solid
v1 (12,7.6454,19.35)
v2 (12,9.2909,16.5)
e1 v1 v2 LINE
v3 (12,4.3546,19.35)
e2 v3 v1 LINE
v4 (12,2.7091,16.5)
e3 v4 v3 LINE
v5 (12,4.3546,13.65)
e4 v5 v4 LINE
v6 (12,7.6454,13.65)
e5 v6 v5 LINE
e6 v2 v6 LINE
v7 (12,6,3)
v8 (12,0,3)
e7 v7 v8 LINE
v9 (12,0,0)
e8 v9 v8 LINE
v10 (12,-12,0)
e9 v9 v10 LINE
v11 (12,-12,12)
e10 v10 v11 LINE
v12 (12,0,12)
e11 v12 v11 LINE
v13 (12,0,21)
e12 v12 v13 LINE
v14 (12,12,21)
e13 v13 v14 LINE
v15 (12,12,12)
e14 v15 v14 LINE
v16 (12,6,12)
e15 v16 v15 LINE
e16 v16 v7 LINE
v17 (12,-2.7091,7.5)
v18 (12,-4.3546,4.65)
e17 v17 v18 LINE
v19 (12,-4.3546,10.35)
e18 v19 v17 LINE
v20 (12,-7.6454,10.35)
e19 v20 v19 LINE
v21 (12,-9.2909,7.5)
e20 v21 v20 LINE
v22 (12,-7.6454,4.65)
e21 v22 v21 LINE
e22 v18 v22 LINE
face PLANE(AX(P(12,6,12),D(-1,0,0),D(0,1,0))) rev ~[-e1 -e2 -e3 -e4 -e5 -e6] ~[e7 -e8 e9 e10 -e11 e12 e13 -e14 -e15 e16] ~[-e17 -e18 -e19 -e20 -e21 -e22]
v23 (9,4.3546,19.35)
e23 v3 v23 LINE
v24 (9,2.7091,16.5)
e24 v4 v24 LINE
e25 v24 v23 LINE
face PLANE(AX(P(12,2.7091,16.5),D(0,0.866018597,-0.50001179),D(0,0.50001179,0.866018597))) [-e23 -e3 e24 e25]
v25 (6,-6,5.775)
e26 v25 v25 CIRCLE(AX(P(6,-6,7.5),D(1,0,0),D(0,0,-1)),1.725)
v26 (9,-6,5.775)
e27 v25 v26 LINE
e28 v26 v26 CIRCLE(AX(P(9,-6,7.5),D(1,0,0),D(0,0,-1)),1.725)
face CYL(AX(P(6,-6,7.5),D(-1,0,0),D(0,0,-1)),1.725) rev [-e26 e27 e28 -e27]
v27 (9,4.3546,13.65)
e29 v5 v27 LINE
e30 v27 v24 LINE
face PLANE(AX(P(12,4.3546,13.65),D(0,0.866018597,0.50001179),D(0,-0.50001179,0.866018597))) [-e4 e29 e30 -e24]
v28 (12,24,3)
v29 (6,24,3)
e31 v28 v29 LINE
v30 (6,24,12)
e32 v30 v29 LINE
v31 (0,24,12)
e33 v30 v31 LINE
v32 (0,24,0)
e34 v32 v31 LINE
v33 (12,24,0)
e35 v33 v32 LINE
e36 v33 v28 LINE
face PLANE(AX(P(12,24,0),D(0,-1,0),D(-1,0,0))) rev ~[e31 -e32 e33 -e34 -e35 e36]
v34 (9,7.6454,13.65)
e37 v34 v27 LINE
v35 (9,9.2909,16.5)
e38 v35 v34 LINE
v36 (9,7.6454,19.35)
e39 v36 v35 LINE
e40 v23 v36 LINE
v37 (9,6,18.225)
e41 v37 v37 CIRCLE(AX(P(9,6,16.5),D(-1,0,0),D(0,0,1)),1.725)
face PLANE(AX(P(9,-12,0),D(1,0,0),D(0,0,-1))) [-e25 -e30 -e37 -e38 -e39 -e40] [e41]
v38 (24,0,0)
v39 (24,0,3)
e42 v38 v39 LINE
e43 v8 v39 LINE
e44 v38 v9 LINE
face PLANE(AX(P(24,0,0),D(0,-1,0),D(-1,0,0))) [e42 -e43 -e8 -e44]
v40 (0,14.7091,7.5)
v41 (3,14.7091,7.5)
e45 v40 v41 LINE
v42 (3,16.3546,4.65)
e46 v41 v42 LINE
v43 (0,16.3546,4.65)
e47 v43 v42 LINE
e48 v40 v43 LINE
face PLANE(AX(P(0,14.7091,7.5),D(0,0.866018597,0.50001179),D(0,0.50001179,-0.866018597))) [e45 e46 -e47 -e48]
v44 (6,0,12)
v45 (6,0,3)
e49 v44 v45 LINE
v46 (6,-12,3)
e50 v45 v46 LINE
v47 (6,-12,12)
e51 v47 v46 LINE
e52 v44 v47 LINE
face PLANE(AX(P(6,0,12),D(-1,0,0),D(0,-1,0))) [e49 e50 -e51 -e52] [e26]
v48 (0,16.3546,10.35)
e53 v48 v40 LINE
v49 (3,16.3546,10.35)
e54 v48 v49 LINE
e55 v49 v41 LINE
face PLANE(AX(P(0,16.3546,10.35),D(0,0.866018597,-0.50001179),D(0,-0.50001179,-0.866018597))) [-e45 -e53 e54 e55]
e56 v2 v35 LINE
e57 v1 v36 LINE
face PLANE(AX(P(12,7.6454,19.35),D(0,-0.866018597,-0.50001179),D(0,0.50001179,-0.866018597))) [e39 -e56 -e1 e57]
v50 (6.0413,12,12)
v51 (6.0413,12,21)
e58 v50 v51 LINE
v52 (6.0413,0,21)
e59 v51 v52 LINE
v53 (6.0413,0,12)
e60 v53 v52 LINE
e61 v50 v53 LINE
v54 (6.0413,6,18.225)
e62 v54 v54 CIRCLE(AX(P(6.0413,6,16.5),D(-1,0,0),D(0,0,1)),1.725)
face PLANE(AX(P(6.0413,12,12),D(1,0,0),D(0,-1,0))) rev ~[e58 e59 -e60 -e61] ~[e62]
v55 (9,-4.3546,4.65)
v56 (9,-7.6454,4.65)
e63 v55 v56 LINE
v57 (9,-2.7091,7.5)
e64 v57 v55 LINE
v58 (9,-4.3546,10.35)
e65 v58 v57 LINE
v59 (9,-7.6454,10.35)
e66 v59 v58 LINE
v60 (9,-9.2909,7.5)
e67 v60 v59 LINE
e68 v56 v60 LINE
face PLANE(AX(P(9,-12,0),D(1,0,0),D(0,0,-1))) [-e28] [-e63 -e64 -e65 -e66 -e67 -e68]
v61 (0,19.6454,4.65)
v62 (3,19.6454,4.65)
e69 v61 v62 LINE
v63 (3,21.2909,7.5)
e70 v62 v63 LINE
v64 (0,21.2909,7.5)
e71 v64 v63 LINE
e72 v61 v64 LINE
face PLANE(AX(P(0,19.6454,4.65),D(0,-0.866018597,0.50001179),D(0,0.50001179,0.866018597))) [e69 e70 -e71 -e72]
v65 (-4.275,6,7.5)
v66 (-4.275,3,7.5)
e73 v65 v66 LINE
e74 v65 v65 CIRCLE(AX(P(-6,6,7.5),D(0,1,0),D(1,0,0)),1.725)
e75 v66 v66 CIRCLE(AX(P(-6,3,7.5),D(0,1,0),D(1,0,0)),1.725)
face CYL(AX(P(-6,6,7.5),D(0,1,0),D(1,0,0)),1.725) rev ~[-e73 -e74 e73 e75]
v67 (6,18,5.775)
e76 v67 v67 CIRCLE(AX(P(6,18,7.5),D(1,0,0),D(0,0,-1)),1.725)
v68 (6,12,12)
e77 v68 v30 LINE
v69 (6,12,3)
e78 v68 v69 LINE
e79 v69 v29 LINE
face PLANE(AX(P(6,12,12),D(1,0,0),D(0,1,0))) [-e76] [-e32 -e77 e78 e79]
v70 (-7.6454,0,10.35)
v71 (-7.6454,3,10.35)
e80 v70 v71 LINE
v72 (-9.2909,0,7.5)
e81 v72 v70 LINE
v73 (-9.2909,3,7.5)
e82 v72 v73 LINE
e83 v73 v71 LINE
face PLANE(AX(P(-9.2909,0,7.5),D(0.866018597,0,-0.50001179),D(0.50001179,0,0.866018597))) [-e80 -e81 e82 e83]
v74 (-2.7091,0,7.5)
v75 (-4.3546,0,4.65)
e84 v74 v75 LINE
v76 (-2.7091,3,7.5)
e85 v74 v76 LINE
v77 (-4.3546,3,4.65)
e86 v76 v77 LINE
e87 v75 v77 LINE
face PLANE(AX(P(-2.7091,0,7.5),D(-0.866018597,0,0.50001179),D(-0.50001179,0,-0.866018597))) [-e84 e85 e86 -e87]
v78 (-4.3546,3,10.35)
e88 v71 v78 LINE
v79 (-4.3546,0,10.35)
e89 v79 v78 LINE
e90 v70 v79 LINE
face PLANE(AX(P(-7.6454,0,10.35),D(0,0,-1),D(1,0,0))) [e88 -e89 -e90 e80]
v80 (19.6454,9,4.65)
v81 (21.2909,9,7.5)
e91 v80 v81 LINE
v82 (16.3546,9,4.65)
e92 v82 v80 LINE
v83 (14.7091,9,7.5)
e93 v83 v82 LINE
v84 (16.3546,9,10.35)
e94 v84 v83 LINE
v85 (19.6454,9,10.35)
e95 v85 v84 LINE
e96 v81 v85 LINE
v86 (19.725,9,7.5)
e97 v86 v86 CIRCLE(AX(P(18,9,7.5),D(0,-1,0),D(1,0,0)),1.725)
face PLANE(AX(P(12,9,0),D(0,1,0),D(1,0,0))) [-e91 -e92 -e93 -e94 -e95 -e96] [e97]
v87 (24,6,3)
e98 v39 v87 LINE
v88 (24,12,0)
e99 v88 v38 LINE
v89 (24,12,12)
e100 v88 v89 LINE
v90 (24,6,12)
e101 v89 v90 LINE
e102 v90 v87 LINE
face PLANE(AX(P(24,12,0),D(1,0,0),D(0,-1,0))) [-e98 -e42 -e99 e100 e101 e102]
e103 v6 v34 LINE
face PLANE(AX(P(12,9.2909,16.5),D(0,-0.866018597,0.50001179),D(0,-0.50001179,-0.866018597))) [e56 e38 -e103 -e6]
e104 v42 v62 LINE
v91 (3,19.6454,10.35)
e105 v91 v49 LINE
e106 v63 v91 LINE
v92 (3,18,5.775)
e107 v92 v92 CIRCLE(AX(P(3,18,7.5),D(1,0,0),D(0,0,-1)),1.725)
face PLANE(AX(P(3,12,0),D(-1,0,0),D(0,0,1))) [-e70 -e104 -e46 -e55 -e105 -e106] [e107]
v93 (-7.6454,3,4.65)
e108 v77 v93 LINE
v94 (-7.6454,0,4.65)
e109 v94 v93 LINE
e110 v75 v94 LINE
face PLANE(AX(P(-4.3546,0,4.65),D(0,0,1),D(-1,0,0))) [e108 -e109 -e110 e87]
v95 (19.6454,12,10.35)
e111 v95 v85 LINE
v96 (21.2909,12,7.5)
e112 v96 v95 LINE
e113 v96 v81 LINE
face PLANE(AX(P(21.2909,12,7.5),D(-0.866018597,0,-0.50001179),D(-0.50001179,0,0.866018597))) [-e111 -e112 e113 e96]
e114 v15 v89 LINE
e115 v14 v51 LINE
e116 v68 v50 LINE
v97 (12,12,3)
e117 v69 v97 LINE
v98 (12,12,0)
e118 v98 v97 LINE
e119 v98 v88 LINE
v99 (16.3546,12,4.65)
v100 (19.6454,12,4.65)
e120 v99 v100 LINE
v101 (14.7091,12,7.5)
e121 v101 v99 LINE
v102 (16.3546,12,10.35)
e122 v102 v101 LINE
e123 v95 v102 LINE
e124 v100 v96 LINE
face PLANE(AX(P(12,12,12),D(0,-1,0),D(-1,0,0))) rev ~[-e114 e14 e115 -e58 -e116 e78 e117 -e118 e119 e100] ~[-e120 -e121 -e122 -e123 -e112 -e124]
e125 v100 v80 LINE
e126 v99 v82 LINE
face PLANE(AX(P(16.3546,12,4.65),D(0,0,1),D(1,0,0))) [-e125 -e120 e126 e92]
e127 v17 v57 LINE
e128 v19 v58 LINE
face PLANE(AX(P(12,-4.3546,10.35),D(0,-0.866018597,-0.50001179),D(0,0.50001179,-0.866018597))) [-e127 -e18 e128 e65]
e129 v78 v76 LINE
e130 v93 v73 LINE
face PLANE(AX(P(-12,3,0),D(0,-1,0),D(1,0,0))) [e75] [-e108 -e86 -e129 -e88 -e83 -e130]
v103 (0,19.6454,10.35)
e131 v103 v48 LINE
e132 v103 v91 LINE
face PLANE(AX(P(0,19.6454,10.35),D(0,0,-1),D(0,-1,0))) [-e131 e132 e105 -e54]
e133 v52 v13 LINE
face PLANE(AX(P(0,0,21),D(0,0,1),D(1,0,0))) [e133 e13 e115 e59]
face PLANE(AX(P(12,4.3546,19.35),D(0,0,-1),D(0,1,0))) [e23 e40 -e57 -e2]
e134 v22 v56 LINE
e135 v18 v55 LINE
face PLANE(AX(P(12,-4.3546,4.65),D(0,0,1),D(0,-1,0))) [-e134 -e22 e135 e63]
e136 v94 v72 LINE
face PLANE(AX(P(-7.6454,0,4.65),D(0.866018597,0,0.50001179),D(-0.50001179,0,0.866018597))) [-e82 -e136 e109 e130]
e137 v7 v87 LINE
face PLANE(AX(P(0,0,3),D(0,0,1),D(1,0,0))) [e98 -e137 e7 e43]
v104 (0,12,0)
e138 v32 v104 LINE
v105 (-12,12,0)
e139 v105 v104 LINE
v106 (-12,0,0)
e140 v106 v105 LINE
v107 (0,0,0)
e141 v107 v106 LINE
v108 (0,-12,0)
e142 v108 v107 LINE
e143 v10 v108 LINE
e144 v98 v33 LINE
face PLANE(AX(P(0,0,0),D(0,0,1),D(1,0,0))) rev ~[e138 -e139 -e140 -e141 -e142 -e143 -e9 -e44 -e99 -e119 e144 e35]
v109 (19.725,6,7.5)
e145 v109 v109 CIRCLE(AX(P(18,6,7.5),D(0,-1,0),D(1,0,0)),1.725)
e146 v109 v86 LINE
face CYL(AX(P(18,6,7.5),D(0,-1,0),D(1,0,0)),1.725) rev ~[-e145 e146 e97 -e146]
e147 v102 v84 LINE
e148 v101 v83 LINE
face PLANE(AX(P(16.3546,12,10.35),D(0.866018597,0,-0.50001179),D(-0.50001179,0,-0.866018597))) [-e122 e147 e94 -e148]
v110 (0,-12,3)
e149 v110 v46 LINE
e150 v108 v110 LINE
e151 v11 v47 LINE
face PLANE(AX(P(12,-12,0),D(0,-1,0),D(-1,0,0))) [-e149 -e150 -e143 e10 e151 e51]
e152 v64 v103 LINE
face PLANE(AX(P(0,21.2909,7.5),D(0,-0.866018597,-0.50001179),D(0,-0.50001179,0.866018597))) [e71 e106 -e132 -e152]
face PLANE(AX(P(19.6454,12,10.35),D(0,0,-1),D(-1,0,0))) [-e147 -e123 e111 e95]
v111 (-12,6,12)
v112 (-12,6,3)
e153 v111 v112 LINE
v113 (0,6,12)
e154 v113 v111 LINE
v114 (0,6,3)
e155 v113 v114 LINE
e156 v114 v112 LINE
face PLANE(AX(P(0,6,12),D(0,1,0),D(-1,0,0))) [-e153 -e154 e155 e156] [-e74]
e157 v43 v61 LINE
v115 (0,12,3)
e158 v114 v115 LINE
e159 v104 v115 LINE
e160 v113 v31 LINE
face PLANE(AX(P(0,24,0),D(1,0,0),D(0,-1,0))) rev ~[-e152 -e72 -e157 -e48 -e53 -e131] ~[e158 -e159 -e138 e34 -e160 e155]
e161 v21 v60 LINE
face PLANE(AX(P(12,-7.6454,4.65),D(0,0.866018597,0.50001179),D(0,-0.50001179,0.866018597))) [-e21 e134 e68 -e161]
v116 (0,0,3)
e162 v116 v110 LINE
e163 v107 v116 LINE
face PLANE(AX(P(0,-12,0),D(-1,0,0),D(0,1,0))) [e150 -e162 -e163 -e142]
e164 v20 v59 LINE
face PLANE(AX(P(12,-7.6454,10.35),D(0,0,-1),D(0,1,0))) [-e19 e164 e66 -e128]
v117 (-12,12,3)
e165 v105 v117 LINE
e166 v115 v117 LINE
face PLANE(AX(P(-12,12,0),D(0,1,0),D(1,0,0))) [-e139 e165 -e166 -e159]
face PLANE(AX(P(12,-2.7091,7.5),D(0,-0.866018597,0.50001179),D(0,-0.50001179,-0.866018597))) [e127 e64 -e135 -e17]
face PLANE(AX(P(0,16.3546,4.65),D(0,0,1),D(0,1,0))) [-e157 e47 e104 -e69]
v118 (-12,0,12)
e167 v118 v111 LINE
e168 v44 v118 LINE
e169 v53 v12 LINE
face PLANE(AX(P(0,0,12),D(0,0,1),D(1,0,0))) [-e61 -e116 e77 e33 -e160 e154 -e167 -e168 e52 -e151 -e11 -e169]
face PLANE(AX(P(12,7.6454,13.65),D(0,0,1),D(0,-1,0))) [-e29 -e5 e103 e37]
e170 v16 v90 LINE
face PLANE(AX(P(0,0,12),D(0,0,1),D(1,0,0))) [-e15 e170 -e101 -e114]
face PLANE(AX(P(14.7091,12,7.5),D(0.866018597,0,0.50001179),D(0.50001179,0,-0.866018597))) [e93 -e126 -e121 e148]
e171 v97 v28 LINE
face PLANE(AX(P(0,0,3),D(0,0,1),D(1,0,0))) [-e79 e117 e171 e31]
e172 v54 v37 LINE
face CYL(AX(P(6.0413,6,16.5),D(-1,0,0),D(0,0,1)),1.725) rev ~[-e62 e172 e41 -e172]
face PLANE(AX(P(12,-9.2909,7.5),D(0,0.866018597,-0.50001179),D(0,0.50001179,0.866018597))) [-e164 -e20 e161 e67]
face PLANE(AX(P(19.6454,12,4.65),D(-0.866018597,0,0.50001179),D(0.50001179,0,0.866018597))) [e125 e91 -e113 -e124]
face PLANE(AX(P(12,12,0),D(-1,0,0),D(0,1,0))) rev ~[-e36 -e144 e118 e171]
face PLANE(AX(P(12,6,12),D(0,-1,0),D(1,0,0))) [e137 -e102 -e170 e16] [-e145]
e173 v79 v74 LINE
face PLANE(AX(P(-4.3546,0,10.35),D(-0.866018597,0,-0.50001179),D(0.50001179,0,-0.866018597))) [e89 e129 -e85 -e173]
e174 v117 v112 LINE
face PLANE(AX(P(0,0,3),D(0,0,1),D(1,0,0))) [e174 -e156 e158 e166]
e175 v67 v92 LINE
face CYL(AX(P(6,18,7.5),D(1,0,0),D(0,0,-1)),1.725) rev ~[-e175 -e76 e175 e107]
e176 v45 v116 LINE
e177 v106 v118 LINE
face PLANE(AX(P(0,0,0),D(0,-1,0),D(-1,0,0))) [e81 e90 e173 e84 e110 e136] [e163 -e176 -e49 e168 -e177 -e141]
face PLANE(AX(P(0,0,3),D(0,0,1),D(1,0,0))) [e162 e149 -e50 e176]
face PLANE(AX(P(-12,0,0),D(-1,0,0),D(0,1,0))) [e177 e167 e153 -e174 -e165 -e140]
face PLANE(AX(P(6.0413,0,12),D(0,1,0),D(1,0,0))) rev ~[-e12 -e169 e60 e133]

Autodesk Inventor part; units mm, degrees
ref_plane "YZ Plane" through (0, 0, 0) normal (1, 0, 0) x (0, 1, 0)
ref_plane "XZ Plane" through (0, 0, 0) normal (0, 1, 0) x (-1, 0, 0)
ref_plane "XY Plane" through (0, 0, 0) normal (0, 0, 1) x (1, 0, 0)
sketch "Sketch1" plane through (0, 0, 0) normal (0, 0, 1) x (1, 0, 0)
  line L0 (0, 0) -> (12, 0)
  line L1 (12, 0) -> (12, 12)
  line L2 (12, 12) -> (0, 12)
  line L3 (0, 12) -> (0, 0)
  line L4 (12, 12) -> (24, 12)
  line L5 (24, 12) -> (24, 0)
  line L6 (24, 0) -> (12, 0)
  line L7 (12, 0) -> (12, 12)
  line L8 (0, 0) -> (-12, 0)
  line L9 (-12, 0) -> (-12, 12)
  line L10 (-12, 12) -> (0, 12)
  line L11 (0, 12) -> (0, 0)
  line L12 (0, 0) -> (12, 0)
  line L13 (12, 0) -> (12, -12)
  line L14 (12, -12) -> (0, -12)
  line L15 (0, -12) -> (0, 0)
  line L16 (0, 12) -> (12, 12)
  line L17 (12, 12) -> (12, 24)
  line L18 (12, 24) -> (0, 24)
  line L19 (0, 24) -> (0, 12)
  dimension "d0" = 12
  dimension "d1" = 12
  dimension "d2" = 12
  dimension "d3" = 12
  dimension "d4" = 12
  dimension "d5" = 12
  dimension "d6" = 12
  dimension "d7" = 12
  dimension "d8" = 12
  dimension "d9" = 12
extrude "Extrusion1" add sketch "Sketch1" along normal blind 12
sketch "Sketch2" plane through (0, 0, 12) normal (0, 0, 1) x (1, 0, 0)
  line L0 (0, 0) -> (0, -12) projected
  line L1 (0, 0) -> (0, 12)
  line L2 (12, 12) -> (12, 24) projected
  line L3 (0, 12) -> (12, 12)
  line L4 (12, -12) -> (12, 0) projected
  line L5 (12, 12) -> (12, 0)
  line L6 (12, 0) -> (0, 0)
  line L7 (0, 6) -> (-12, 6)
  line L8 (-12, 12) -> (-12, 0) projected
  line L9 (12, 6) -> (24, 6)
  line L10 (24, 0) -> (24, 12) projected
  line L11 (6, 12) -> (6, 24)
  line L12 (6, 0) -> (6, -12)
  line L13 (0, -12) -> (12, -12) projected
  line L14 (-12, 6) -> (-12, 12)
  line L15 (0, 12) -> (-12, 12) projected
  line L16 (0, 12) -> (-12, 12)
  line L17 (12, 24) -> (0, 24) projected
  line L18 (6, 24) -> (12, 24)
  line L19 (12, 24) -> (12, 12)
  line L20 (24, 6) -> (24, 0)
  line L21 (6, -12) -> (0, -12)
  line L22 (12, 0) -> (24, 0)
extrude "Extrusion2" cut sketch "Sketch2" against normal blind 9 contours L6 L12 L13 L0 | L7 L8 L15 L1 | L5 L9 L10 L22 | L11 L17 L2 L3
sketch "Sketch3" plane through (6, 12, 12) normal (1, 0, 0) x (0, 0, -1)
  circle A0 centre (4.5, -18) radius 1.725
  line L0 (0, -24) -> (9, -24) projected
  line L1 (9, -24) -> (9, -12) projected
  point P0 (12, -12)
  dimension "d14" = 3.45
  dimension "d15" = 6
  dimension "d16" = 4.5
extrude "Extrusion3" cut sketch "Sketch3" along normal blind 3
sketch "Sketch4" plane through (12, -12, 0) normal (1, 0, 0) x (0, 0, -1)
  circle A0 centre (-7.5, 6) radius 1.725 projected
  line L0 (-10.35, 7.6454) -> (-7.5, 9.2909)
  line L1 (-7.5, 9.2909) -> (-4.65, 7.6454)
  line L2 (-4.65, 7.6454) -> (-4.65, 4.3546)
  line L3 (-4.65, 4.3546) -> (-7.5, 2.7091)
  line L4 (-7.5, 2.7091) -> (-10.35, 4.3546)
  line L5 (-10.35, 4.3546) -> (-10.35, 7.6454)
  point P0 (0, 12)
  dimension "d19" = 2.85
extrude "Extrusion4" cut sketch "Sketch4" against normal blind 3 contours A0 | L0 L1 L2 L3 L4 L5
sketch "Sketch5" plane through (6, 12, 12) normal (1, 0, 0) x (0, 0, -1)
  circle A0 centre (4.5, 6) radius 1.725
  line L0 (12, 12) -> (0, 12) projected
  line L1 (0, 0) -> (0, 12) projected
  point P0 (12, -12)
  dimension "d22" = 3.45
  dimension "d23" = 6
  dimension "d24" = 4.5
extrude "Extrusion5" cut sketch "Sketch5" against normal blind 3
sketch "Sketch6" plane through (0, 12, 0) normal (-1, 0, 0) x (0, 0, 1)
  circle A0 centre (7.5, 6) radius 1.725 projected
  line L0 (10.35, 4.3546) -> (7.5, 2.7091)
  line L1 (7.5, 2.7091) -> (4.65, 4.3546)
  line L2 (4.65, 4.3546) -> (4.65, 7.6454)
  line L3 (4.65, 7.6454) -> (7.5, 9.2909)
  line L4 (7.5, 9.2909) -> (10.35, 7.6454)
  line L5 (10.35, 7.6454) -> (10.35, 4.3546)
  point P0 (0, -12)
  dimension "d27" = 2.85
sketch "Sketch7" plane through (0, 0, 12) normal (0, 0, 1) x (1, 0, 0)
  line L0 (6, 12) -> (6, 24) projected
  line L1 (6.0413, 0) -> (6, 0)
  line L2 (6, 0) -> (6, 12)
  line L3 (6, 12) -> (6.0413, 12)
  line L4 (6.0413, 12) -> (6.0413, 0)
  line L5 (12, 0) -> (12, 6) projected
  line L6 (12, 0) -> (12, 12)
  line L7 (24, 12) -> (6, 12) projected
  line L8 (6, 0) -> (12, 0)
  point P0 (0, 0)
extrude "Extrusion6" add sketch "Sketch7" along normal blind 9 contours L4 L7 L6 L5 L8
extrude "Extrusion7" cut sketch "Sketch6" against normal blind 3 contours A0 | L0 L1 L2 L3 L4 L5
sketch "Sketch8" plane through (12, 12, 0) normal (0, 1, 0) x (1, 0, 0)
  point P0 (-12, 0)
sketch "Sketch9" plane through (12, -12, 0) normal (1, 0, 0) x (0, 0, -1)
  point P0 (0, 12)
sketch "Sketch10" plane through (12, -12, 0) normal (1, 0, 0) x (0, 0, -1)
  point P0 (0, 12)
sketch "Sketch11" plane through (6.0413, 0, 12) normal (-1, 0, 0) x (0, 0, 1)
  circle A0 centre (4.5, 6) radius 1.725
  line L0 (9, 0) -> (0, 0) projected
  line L1 (9, 12) -> (9, 0) projected
  point P0 (-12, 0)
  dimension "d32" = 3.45
  dimension "d33" = 6
  dimension "d34" = 4.5
extrude "Extrusion8" cut sketch "Sketch11" against normal blind 3
sketch "Sketch12" plane through (12, -12, 0) normal (1, 0, 0) x (0, 0, -1)
  point P0 (0, 12)
sketch "Sketch13" plane through (12, -12, 0) normal (1, 0, 0) x (0, 0, -1)
  circle A0 centre (-16.5, 18) radius 1.725 projected
  line L0 (-19.35, 19.6454) -> (-16.5, 21.2909)
  line L1 (-16.5, 21.2909) -> (-13.65, 19.6454)
  line L2 (-13.65, 19.6454) -> (-13.65, 16.3546)
  line L3 (-13.65, 16.3546) -> (-16.5, 14.7091)
  line L4 (-16.5, 14.7091) -> (-19.35, 16.3546)
  line L5 (-19.35, 16.3546) -> (-19.35, 19.6454)
  point P0 (0, 12)
  dimension "d37" = 2.85
extrude "Extrusion9" cut sketch "Sketch13" against normal blind 3 contours A0 | L0 L1 L2 L3 L4 L5
sketch "Sketch14" plane through (12, 6, 12) normal (0, -1, 0) x (1, 0, 0)
  circle A0 centre (6, -4.5) radius 1.725
  line L0 (0, 0) -> (12, 0) projected
  line L1 (12, 0) -> (12, -9) projected
  point P0 (-12, -12)
  dimension "d40" = 3.45
  dimension "d41" = 4.5
  dimension "d42" = 6
extrude "Extrusion10" cut sketch "Sketch14" against normal blind 3
sketch "Sketch15" plane through (12, 12, 0) normal (0, 1, 0) x (1, 0, 0)
  circle A0 centre (6, -7.5) radius 1.725 projected
  line L0 (4.3546, -10.35) -> (2.7091, -7.5)
  line L1 (2.7091, -7.5) -> (4.3546, -4.65)
  line L2 (4.3546, -4.65) -> (7.6454, -4.65)
  line L3 (7.6454, -4.65) -> (9.2909, -7.5)
  line L4 (9.2909, -7.5) -> (7.6454, -10.35)
  line L5 (7.6454, -10.35) -> (4.3546, -10.35)
  point P0 (-12, 0)
  dimension "d45" = 2.85
extrude "Extrusion11" cut sketch "Sketch15" against normal blind 3 contours A0 | L0 L1 L2 L3 L4 L5
sketch "Sketch16" plane through (-12, 6, 12) normal (0, 1, 0) x (1, 0, 0)
  circle A0 centre (6, 4.5) radius 1.725
  line L0 (12, 0) -> (0, 0) projected
  line L1 (0, 0) -> (0, 9) projected
  point P0 (12, 12)
  dimension "d48" = 3.45
  dimension "d49" = 4.5
  dimension "d50" = 6
extrude "Extrusion12" cut sketch "Sketch16" against normal blind 3
sketch "Sketch17" plane through (-12, 0, 0) normal (0, -1, 0) x (1, 0, 0)
  circle A0 centre (6, 7.5) radius 1.725 projected
  line L0 (4.3546, 4.65) -> (2.7091, 7.5)
  line L1 (2.7091, 7.5) -> (4.3546, 10.35)
  line L2 (4.3546, 10.35) -> (7.6454, 10.35)
  line L3 (7.6454, 10.35) -> (9.2909, 7.5)
  line L4 (9.2909, 7.5) -> (7.6454, 4.65)
  line L5 (7.6454, 4.65) -> (4.3546, 4.65)
  point P0 (12, 0)
  dimension "d53" = 2.85
extrude "Extrusion13" cut sketch "Sketch17" against normal blind 3 contours A0 | L0 L1 L2 L3 L4 L5
properties part number "fourwayVer2" material "ABS Plastic"
